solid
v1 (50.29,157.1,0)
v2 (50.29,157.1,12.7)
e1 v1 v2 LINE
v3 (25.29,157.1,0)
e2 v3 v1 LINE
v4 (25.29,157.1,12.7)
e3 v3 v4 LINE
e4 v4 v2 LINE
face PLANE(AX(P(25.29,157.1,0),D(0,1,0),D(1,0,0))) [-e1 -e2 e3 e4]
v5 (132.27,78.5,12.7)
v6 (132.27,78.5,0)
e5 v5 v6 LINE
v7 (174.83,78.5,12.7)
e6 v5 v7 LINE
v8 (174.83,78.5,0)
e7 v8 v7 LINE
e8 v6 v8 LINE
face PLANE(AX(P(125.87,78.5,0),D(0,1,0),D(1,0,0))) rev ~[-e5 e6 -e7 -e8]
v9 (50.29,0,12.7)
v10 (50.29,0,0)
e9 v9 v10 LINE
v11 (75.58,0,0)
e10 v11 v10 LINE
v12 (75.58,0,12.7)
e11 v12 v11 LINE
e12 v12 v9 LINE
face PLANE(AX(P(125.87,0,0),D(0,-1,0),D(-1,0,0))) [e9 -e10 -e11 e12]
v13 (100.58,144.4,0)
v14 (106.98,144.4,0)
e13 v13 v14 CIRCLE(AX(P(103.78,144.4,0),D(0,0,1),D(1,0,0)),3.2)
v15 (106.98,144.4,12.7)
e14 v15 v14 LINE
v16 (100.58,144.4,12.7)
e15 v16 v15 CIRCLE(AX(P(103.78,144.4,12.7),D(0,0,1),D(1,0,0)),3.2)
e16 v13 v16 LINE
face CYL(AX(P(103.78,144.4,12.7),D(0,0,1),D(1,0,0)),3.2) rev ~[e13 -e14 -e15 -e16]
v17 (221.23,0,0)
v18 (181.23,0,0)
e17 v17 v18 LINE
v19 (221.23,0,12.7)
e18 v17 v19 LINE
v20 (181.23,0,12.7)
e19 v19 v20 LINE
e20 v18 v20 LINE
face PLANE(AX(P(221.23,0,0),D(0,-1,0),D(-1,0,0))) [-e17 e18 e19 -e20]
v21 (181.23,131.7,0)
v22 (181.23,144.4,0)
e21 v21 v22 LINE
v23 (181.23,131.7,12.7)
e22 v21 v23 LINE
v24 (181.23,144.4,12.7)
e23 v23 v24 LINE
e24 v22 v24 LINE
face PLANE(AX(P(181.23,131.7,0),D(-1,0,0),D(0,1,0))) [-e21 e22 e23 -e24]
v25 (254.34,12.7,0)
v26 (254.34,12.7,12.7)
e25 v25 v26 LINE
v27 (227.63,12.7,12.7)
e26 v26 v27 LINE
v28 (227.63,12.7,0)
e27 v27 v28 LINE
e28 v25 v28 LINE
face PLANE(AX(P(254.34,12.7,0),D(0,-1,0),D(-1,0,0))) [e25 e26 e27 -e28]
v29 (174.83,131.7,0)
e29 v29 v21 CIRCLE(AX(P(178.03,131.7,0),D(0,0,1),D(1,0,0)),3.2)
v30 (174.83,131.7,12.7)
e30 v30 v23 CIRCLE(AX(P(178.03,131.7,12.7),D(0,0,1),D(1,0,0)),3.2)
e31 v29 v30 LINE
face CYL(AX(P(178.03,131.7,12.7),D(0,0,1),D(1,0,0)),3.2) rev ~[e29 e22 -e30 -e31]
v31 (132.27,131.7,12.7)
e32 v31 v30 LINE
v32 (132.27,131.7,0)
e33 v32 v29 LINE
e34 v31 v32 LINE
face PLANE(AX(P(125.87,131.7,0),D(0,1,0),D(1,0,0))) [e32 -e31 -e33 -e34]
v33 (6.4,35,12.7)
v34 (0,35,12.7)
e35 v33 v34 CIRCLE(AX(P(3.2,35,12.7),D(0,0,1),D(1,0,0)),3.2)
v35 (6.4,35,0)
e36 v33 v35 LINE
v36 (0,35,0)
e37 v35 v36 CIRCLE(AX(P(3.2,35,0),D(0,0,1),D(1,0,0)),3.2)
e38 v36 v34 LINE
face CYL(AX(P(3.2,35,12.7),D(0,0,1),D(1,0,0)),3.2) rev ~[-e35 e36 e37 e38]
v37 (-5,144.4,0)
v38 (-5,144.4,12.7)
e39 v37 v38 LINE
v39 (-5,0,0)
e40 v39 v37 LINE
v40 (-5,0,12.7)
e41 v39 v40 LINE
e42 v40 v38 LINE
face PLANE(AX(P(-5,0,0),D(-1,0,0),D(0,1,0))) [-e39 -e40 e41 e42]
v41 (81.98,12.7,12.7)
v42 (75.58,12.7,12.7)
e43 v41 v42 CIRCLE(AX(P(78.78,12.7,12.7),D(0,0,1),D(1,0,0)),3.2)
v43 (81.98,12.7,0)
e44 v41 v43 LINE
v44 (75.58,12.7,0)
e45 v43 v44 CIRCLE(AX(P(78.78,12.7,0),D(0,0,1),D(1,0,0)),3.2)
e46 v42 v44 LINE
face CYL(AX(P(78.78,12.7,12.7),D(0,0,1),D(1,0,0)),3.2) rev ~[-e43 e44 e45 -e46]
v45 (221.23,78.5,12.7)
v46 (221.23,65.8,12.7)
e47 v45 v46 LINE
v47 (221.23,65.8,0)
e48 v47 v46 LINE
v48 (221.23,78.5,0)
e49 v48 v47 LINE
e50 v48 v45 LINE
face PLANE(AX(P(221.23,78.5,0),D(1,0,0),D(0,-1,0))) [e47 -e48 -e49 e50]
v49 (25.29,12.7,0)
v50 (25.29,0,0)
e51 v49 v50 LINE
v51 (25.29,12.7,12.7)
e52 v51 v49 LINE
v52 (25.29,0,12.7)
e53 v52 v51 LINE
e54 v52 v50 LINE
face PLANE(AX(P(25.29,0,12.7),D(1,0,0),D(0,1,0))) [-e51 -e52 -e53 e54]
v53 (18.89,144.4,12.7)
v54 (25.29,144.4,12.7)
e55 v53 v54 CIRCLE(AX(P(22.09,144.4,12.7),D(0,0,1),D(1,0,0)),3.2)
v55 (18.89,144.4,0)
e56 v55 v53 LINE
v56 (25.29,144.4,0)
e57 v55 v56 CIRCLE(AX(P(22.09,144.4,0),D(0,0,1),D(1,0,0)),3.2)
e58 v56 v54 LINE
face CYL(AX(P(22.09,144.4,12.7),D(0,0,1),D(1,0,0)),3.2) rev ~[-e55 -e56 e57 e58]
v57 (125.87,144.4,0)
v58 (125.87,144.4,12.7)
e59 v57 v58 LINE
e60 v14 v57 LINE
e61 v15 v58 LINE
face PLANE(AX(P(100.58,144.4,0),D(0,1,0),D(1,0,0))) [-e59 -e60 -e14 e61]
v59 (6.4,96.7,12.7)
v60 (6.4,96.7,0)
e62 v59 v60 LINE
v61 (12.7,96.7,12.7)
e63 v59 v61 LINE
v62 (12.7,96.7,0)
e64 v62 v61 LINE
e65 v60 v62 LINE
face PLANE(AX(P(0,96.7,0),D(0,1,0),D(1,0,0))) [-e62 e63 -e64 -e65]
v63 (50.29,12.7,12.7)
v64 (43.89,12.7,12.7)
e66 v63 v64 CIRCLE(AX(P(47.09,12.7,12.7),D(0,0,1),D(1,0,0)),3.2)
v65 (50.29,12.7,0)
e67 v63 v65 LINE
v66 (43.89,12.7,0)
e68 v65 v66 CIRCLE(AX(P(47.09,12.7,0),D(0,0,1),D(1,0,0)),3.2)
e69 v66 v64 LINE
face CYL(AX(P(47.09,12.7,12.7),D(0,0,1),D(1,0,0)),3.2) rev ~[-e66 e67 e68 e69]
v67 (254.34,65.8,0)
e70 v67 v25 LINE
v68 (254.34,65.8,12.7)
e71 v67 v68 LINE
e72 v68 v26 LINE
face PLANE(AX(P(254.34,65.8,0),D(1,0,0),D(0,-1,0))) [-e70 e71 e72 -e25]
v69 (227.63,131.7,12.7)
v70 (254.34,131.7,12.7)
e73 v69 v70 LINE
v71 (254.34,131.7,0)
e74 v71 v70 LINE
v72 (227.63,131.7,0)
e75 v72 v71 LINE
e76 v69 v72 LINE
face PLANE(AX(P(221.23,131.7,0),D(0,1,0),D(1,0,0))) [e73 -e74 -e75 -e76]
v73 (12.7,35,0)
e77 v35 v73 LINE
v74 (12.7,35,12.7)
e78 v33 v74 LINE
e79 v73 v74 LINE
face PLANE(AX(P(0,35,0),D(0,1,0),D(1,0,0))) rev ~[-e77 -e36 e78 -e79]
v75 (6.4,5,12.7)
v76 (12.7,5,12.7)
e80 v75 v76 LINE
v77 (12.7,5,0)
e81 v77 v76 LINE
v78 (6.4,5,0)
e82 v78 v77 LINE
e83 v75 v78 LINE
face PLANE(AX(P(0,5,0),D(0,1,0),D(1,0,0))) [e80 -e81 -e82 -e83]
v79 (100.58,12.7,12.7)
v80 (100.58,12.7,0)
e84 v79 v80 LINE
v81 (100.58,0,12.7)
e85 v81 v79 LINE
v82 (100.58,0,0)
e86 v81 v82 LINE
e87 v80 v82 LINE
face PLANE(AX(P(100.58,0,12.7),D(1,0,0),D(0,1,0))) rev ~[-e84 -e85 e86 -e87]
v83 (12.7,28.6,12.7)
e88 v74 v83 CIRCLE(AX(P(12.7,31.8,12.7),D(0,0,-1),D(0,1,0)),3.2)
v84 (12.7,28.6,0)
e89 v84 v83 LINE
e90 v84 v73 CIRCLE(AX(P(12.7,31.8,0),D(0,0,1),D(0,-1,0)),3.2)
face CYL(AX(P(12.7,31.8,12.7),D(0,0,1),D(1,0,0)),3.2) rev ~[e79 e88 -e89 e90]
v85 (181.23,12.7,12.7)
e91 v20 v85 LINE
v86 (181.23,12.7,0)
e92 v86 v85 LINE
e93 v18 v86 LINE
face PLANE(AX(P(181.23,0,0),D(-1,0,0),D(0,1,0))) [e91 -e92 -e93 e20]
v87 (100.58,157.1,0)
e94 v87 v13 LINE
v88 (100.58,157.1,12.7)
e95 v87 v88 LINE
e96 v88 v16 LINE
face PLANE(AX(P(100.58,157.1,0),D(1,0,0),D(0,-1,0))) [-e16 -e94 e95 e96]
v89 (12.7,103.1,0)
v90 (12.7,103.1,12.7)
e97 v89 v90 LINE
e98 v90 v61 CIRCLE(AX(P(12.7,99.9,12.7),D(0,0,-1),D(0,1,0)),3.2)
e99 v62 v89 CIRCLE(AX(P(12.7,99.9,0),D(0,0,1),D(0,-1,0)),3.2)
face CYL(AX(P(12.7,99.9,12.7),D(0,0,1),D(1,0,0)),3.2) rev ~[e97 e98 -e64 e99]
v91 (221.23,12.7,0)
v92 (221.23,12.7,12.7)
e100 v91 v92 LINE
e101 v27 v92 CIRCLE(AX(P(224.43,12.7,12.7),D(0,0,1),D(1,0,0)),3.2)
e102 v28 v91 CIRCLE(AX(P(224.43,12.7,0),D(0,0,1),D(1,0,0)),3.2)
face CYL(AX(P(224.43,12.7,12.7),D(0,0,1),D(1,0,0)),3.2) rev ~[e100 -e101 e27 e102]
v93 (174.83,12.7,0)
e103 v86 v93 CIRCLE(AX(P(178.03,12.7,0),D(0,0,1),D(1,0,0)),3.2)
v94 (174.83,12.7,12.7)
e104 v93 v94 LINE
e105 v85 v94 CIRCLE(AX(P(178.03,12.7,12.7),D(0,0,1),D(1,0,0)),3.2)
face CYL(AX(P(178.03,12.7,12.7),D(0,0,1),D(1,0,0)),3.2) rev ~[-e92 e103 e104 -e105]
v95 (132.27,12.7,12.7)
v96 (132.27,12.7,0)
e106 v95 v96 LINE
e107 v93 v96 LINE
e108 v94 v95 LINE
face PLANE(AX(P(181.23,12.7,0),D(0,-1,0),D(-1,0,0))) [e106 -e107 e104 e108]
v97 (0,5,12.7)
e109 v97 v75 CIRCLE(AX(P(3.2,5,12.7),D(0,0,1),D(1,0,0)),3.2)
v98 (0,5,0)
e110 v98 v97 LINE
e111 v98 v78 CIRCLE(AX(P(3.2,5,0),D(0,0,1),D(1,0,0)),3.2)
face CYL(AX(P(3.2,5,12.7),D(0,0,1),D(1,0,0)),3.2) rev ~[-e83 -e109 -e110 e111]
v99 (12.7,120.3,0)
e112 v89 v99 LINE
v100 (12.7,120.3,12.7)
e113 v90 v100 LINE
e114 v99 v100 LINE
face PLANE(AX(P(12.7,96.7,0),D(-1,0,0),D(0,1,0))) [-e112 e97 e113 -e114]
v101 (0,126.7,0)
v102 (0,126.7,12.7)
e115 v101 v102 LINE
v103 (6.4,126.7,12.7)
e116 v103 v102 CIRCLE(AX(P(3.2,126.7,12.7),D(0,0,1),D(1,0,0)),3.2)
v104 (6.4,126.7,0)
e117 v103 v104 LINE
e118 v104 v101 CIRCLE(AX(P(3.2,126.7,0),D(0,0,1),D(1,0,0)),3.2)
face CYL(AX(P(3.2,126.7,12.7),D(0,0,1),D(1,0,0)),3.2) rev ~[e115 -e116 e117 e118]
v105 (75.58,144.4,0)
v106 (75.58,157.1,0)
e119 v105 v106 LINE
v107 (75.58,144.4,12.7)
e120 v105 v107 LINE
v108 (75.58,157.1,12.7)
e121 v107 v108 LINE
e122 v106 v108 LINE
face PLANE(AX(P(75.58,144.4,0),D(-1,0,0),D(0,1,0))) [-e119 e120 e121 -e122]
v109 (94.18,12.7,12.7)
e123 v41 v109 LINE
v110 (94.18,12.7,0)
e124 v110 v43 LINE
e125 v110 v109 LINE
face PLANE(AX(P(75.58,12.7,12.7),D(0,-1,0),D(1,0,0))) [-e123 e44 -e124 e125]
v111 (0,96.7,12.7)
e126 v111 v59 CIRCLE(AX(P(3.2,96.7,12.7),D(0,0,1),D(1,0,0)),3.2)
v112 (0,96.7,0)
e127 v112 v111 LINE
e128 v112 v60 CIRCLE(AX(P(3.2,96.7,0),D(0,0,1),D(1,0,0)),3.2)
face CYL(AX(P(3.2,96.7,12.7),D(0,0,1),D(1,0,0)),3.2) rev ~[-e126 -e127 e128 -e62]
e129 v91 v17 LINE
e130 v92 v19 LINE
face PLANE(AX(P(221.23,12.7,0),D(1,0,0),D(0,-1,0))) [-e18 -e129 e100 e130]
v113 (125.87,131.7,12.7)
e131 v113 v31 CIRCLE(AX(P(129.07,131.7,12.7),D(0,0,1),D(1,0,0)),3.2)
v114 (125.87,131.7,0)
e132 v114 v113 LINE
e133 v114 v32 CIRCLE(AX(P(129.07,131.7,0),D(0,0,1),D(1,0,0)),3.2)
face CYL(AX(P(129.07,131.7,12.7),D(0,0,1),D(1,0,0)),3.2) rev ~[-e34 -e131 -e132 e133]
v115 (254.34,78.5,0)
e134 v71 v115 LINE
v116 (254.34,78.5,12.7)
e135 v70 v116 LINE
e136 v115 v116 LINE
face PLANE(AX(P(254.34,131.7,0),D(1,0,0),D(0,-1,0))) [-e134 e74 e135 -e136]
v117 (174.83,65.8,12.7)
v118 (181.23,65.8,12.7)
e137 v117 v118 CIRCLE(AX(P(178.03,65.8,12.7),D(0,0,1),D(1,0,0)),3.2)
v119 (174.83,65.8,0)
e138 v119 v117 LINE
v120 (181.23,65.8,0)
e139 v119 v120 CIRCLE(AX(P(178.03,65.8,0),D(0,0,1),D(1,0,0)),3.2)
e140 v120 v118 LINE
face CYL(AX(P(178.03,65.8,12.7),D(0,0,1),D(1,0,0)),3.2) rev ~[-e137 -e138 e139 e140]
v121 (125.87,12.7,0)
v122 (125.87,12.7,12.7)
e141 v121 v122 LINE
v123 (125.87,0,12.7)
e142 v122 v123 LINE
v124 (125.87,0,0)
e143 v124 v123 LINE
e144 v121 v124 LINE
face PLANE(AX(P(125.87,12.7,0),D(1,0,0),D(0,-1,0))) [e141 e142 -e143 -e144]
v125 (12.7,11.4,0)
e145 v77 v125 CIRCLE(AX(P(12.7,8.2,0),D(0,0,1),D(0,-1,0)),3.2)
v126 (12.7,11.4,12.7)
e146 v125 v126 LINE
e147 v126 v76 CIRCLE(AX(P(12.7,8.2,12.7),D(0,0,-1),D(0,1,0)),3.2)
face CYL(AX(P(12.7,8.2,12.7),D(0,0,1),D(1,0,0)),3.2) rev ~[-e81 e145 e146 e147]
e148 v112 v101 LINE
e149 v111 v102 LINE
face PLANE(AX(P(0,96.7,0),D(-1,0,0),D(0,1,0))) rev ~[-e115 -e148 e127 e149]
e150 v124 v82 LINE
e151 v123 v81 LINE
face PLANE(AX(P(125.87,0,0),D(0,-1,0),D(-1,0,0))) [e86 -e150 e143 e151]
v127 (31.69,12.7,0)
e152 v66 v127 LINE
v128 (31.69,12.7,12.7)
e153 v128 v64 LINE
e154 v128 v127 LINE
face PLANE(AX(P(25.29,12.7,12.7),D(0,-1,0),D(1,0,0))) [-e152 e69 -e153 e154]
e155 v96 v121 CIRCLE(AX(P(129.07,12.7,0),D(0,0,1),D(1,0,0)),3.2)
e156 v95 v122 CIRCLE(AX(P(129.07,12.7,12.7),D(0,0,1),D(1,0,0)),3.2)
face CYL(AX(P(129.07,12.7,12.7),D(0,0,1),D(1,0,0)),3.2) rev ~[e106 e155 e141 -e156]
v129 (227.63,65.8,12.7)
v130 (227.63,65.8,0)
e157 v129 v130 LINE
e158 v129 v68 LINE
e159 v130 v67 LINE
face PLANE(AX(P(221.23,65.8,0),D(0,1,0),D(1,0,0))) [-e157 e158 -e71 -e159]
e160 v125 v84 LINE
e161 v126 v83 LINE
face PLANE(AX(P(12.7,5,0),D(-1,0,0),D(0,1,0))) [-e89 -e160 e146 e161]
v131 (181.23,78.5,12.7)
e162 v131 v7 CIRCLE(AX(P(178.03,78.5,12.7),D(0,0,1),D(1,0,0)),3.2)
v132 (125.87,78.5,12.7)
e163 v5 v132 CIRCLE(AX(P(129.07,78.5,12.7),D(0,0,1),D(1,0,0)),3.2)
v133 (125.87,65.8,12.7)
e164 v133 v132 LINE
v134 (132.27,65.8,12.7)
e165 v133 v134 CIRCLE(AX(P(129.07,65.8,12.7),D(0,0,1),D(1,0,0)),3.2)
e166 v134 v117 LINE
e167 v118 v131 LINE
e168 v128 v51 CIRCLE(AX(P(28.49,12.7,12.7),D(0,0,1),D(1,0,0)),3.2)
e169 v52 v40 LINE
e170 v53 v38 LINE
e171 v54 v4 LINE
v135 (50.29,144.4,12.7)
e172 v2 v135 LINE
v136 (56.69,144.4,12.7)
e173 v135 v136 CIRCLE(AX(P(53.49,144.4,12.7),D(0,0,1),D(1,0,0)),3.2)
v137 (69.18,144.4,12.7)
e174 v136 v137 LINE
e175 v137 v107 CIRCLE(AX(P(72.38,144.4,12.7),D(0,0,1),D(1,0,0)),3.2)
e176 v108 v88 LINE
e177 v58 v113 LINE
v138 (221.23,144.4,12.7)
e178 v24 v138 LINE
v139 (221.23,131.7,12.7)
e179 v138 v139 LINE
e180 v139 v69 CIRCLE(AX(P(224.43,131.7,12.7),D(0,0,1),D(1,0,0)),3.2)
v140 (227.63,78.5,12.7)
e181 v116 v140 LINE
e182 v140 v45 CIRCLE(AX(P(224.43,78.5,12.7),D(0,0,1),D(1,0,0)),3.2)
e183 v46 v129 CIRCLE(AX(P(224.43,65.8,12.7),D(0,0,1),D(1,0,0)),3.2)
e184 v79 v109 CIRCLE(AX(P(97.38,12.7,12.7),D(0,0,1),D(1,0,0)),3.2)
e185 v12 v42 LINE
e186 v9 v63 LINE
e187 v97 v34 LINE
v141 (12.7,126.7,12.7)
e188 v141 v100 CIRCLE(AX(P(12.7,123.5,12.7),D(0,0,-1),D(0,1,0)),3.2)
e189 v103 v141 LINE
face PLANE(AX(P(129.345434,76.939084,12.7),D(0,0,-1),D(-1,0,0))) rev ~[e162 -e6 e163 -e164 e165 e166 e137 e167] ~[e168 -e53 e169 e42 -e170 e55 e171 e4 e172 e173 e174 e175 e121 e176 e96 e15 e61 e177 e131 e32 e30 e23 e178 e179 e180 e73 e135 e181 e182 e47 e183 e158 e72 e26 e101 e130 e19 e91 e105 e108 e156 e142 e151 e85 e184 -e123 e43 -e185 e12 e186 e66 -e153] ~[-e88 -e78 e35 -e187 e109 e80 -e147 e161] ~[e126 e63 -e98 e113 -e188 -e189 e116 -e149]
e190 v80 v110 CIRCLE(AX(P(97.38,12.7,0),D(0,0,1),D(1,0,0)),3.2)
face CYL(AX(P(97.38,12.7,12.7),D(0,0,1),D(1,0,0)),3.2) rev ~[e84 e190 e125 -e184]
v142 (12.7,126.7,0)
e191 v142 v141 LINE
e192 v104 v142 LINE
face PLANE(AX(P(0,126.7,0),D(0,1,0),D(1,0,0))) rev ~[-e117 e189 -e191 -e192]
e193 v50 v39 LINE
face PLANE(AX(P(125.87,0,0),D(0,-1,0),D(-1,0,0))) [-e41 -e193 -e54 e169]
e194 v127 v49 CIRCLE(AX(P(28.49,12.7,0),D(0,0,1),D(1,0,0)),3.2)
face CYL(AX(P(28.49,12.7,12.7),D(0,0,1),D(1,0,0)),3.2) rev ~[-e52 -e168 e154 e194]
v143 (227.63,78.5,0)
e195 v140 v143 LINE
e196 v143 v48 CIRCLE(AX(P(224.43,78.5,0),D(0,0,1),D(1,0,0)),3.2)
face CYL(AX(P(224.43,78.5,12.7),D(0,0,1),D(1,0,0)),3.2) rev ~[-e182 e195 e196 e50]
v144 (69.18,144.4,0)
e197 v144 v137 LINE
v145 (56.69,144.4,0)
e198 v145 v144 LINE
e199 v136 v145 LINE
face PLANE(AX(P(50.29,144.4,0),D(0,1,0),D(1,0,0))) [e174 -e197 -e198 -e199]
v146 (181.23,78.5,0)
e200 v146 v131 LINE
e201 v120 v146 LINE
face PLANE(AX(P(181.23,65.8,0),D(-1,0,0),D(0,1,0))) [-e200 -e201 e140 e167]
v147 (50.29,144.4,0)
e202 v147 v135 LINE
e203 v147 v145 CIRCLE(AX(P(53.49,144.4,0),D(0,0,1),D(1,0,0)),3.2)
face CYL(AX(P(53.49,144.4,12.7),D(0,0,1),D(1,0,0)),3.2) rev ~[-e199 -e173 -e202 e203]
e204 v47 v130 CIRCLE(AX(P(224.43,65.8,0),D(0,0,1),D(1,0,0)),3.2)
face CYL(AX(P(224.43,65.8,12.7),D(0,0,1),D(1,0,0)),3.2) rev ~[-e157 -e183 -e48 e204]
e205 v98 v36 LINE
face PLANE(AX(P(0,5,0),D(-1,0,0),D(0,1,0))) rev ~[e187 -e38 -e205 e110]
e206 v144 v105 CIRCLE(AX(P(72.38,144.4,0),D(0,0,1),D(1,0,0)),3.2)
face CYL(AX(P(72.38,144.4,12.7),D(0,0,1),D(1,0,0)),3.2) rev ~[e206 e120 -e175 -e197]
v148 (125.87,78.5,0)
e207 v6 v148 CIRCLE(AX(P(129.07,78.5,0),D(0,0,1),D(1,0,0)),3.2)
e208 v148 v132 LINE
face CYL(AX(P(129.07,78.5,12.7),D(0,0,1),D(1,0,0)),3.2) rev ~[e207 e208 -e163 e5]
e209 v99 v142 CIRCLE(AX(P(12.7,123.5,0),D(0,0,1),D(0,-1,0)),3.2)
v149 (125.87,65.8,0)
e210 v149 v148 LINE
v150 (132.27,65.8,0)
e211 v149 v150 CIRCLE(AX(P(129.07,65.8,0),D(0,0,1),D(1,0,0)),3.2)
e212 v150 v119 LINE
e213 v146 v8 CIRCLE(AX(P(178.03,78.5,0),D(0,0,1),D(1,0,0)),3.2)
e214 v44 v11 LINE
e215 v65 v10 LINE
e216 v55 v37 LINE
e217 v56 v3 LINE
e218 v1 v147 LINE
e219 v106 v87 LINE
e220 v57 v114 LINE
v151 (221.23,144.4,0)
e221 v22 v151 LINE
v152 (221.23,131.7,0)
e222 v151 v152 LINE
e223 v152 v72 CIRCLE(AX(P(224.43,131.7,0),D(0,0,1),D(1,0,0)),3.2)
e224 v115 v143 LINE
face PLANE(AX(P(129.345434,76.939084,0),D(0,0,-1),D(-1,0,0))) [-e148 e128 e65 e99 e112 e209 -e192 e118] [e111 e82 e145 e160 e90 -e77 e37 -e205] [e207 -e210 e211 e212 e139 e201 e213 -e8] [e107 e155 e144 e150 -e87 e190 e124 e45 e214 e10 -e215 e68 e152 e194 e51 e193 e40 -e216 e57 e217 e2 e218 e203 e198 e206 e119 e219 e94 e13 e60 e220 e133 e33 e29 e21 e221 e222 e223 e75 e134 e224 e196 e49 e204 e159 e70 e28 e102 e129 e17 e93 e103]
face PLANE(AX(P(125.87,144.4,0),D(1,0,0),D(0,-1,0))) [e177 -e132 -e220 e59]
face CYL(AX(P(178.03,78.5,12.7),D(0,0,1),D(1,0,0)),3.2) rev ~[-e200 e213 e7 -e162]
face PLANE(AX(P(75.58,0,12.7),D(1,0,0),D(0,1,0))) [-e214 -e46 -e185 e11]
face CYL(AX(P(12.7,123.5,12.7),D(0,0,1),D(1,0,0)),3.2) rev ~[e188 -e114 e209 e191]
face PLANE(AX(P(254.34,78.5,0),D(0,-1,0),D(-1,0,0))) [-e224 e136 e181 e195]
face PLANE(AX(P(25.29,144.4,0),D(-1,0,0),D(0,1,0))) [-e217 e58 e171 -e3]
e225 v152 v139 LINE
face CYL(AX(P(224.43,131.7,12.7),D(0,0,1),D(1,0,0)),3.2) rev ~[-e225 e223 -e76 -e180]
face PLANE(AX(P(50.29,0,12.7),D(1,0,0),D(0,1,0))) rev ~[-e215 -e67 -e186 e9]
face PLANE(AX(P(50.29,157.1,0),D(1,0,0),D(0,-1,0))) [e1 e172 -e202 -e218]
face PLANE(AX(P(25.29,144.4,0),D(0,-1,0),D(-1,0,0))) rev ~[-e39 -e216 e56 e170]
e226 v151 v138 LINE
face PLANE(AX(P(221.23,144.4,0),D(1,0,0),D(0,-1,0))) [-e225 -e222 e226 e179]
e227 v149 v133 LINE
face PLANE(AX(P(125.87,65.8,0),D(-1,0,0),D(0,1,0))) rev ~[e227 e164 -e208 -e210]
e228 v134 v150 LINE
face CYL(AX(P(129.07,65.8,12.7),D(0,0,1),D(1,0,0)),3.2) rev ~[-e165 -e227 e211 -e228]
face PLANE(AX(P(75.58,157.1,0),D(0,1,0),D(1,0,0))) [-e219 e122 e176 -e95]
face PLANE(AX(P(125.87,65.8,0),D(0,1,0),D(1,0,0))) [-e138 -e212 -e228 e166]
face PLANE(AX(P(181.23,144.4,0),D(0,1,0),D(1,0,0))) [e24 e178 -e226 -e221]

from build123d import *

# Parameters (mm, degrees)
SKETCH1_W           = 12.7
SKETCH1_H           = 30
SKETCH1_W_2         = 55.36
SKETCH1_H_2         = 12.7
BOSS_EXTRUDE1_DEPTH = 12.7
SKETCH3_W           = 25
SKETCH3_H           = 12.7
CUT_EXTRUDE2_DEPTH  = 300.216536308
SKETCH2_R           = 3.2
CUT_EXTRUDE1_DEPTH  = 300.216536308


with BuildPart() as part:
    # Sketch1 → Boss-Extrude1 (new body)
    with BuildSketch(Plane.XY):
        Polygon((221.23, 144.4), (221.23, 131.7), (254.34, 131.7), (254.34, 78.5), (221.23, 78.5), (221.23, 65.8), (254.34, 65.8), (254.34, 12.7), (221.23, 12.7), (221.23, 0), (181.23, 0), (181.23, 12.7), (125.87, 12.7), (125.87, 0), (-5, 0), (-5, 144.4), (0, 144.4), (25.29, 144.4), (25.29, 157.1), (50.29, 157.1), (50.29, 144.4), (75.58, 144.4), (75.58, 157.1), (100.58, 157.1), (100.58, 144.4), (125.87, 144.4), (125.87, 131.7), (181.23, 131.7), (181.23, 144.4), align=None)
        with Locations((6.35, 111.7)):
            Rectangle(SKETCH1_W, SKETCH1_H, mode=Mode.SUBTRACT)
        with Locations((6.35, 20)):
            Rectangle(SKETCH1_W, SKETCH1_H, mode=Mode.SUBTRACT)
        with Locations((153.55, 72.15)):
            Rectangle(SKETCH1_W_2, SKETCH1_H_2, mode=Mode.SUBTRACT)
    extrude(amount=BOSS_EXTRUDE1_DEPTH)

    # Sketch3 → Cut-Extrude2 (cut, through all)
    with BuildSketch(Plane.XY.offset(12.7)):
        with Locations((37.79, 6.35)):
            Rectangle(SKETCH3_W, SKETCH3_H)
        with Locations((88.08, 6.35)):
            Rectangle(SKETCH3_W, SKETCH3_H)
    extrude(amount=-CUT_EXTRUDE2_DEPTH, mode=Mode.SUBTRACT)

    # Sketch2 → Cut-Extrude1 (cut, through all)
    with BuildSketch(Plane.XY.offset(12.7)):
        with Locations((129.07, 131.7)):
            Circle(SKETCH2_R)
        with Locations((178.03, 131.7)):
            Circle(SKETCH2_R)
        with Locations((224.43, 131.7)):
            Circle(SKETCH2_R)
        with Locations((224.43, 78.5)):
            Circle(SKETCH2_R)
        with Locations((224.43, 65.8)):
            Circle(SKETCH2_R)
        with Locations((224.43, 12.7)):
            Circle(SKETCH2_R)
        with Locations((28.49, 12.7)):
            Circle(SKETCH2_R)
        with Locations((47.09, 12.7)):
            Circle(SKETCH2_R)
        with Locations((178.03, 12.7)):
            Circle(SKETCH2_R)
        with Locations((178.03, 65.8)):
            Circle(SKETCH2_R)
        with Locations((178.03, 78.5)):
            Circle(SKETCH2_R)
        with Locations((129.07, 78.5)):
            Circle(SKETCH2_R)
        with Locations((129.07, 65.8)):
            Circle(SKETCH2_R)
        with Locations((129.07, 12.7)):
            Circle(SKETCH2_R)
        with Locations((78.78, 12.7)):
            Circle(SKETCH2_R)
        with Locations((3.2, 126.7)):
            Circle(SKETCH2_R)
        with Locations((3.2, 96.7)):
            Circle(SKETCH2_R)
        with Locations((3.2, 35)):
            Circle(SKETCH2_R)
        with Locations((3.2, 5)):
            Circle(SKETCH2_R)
        with Locations((12.7, 8.2)):
            Circle(SKETCH2_R)
        with Locations((12.7, 31.8)):
            Circle(SKETCH2_R)
        with Locations((12.7, 99.9)):
            Circle(SKETCH2_R)
        with Locations((12.7, 123.5)):
            Circle(SKETCH2_R)
        with Locations((22.09, 144.4)):
            Circle(SKETCH2_R)
        with Locations((53.49, 144.4)):
            Circle(SKETCH2_R)
        with Locations((72.38, 144.4)):
            Circle(SKETCH2_R)
        with Locations((103.78, 144.4)):
            Circle(SKETCH2_R)
        with Locations((97.38, 12.7)):
            Circle(SKETCH2_R)
    extrude(amount=-CUT_EXTRUDE1_DEPTH, mode=Mode.SUBTRACT)


solid = part.part
